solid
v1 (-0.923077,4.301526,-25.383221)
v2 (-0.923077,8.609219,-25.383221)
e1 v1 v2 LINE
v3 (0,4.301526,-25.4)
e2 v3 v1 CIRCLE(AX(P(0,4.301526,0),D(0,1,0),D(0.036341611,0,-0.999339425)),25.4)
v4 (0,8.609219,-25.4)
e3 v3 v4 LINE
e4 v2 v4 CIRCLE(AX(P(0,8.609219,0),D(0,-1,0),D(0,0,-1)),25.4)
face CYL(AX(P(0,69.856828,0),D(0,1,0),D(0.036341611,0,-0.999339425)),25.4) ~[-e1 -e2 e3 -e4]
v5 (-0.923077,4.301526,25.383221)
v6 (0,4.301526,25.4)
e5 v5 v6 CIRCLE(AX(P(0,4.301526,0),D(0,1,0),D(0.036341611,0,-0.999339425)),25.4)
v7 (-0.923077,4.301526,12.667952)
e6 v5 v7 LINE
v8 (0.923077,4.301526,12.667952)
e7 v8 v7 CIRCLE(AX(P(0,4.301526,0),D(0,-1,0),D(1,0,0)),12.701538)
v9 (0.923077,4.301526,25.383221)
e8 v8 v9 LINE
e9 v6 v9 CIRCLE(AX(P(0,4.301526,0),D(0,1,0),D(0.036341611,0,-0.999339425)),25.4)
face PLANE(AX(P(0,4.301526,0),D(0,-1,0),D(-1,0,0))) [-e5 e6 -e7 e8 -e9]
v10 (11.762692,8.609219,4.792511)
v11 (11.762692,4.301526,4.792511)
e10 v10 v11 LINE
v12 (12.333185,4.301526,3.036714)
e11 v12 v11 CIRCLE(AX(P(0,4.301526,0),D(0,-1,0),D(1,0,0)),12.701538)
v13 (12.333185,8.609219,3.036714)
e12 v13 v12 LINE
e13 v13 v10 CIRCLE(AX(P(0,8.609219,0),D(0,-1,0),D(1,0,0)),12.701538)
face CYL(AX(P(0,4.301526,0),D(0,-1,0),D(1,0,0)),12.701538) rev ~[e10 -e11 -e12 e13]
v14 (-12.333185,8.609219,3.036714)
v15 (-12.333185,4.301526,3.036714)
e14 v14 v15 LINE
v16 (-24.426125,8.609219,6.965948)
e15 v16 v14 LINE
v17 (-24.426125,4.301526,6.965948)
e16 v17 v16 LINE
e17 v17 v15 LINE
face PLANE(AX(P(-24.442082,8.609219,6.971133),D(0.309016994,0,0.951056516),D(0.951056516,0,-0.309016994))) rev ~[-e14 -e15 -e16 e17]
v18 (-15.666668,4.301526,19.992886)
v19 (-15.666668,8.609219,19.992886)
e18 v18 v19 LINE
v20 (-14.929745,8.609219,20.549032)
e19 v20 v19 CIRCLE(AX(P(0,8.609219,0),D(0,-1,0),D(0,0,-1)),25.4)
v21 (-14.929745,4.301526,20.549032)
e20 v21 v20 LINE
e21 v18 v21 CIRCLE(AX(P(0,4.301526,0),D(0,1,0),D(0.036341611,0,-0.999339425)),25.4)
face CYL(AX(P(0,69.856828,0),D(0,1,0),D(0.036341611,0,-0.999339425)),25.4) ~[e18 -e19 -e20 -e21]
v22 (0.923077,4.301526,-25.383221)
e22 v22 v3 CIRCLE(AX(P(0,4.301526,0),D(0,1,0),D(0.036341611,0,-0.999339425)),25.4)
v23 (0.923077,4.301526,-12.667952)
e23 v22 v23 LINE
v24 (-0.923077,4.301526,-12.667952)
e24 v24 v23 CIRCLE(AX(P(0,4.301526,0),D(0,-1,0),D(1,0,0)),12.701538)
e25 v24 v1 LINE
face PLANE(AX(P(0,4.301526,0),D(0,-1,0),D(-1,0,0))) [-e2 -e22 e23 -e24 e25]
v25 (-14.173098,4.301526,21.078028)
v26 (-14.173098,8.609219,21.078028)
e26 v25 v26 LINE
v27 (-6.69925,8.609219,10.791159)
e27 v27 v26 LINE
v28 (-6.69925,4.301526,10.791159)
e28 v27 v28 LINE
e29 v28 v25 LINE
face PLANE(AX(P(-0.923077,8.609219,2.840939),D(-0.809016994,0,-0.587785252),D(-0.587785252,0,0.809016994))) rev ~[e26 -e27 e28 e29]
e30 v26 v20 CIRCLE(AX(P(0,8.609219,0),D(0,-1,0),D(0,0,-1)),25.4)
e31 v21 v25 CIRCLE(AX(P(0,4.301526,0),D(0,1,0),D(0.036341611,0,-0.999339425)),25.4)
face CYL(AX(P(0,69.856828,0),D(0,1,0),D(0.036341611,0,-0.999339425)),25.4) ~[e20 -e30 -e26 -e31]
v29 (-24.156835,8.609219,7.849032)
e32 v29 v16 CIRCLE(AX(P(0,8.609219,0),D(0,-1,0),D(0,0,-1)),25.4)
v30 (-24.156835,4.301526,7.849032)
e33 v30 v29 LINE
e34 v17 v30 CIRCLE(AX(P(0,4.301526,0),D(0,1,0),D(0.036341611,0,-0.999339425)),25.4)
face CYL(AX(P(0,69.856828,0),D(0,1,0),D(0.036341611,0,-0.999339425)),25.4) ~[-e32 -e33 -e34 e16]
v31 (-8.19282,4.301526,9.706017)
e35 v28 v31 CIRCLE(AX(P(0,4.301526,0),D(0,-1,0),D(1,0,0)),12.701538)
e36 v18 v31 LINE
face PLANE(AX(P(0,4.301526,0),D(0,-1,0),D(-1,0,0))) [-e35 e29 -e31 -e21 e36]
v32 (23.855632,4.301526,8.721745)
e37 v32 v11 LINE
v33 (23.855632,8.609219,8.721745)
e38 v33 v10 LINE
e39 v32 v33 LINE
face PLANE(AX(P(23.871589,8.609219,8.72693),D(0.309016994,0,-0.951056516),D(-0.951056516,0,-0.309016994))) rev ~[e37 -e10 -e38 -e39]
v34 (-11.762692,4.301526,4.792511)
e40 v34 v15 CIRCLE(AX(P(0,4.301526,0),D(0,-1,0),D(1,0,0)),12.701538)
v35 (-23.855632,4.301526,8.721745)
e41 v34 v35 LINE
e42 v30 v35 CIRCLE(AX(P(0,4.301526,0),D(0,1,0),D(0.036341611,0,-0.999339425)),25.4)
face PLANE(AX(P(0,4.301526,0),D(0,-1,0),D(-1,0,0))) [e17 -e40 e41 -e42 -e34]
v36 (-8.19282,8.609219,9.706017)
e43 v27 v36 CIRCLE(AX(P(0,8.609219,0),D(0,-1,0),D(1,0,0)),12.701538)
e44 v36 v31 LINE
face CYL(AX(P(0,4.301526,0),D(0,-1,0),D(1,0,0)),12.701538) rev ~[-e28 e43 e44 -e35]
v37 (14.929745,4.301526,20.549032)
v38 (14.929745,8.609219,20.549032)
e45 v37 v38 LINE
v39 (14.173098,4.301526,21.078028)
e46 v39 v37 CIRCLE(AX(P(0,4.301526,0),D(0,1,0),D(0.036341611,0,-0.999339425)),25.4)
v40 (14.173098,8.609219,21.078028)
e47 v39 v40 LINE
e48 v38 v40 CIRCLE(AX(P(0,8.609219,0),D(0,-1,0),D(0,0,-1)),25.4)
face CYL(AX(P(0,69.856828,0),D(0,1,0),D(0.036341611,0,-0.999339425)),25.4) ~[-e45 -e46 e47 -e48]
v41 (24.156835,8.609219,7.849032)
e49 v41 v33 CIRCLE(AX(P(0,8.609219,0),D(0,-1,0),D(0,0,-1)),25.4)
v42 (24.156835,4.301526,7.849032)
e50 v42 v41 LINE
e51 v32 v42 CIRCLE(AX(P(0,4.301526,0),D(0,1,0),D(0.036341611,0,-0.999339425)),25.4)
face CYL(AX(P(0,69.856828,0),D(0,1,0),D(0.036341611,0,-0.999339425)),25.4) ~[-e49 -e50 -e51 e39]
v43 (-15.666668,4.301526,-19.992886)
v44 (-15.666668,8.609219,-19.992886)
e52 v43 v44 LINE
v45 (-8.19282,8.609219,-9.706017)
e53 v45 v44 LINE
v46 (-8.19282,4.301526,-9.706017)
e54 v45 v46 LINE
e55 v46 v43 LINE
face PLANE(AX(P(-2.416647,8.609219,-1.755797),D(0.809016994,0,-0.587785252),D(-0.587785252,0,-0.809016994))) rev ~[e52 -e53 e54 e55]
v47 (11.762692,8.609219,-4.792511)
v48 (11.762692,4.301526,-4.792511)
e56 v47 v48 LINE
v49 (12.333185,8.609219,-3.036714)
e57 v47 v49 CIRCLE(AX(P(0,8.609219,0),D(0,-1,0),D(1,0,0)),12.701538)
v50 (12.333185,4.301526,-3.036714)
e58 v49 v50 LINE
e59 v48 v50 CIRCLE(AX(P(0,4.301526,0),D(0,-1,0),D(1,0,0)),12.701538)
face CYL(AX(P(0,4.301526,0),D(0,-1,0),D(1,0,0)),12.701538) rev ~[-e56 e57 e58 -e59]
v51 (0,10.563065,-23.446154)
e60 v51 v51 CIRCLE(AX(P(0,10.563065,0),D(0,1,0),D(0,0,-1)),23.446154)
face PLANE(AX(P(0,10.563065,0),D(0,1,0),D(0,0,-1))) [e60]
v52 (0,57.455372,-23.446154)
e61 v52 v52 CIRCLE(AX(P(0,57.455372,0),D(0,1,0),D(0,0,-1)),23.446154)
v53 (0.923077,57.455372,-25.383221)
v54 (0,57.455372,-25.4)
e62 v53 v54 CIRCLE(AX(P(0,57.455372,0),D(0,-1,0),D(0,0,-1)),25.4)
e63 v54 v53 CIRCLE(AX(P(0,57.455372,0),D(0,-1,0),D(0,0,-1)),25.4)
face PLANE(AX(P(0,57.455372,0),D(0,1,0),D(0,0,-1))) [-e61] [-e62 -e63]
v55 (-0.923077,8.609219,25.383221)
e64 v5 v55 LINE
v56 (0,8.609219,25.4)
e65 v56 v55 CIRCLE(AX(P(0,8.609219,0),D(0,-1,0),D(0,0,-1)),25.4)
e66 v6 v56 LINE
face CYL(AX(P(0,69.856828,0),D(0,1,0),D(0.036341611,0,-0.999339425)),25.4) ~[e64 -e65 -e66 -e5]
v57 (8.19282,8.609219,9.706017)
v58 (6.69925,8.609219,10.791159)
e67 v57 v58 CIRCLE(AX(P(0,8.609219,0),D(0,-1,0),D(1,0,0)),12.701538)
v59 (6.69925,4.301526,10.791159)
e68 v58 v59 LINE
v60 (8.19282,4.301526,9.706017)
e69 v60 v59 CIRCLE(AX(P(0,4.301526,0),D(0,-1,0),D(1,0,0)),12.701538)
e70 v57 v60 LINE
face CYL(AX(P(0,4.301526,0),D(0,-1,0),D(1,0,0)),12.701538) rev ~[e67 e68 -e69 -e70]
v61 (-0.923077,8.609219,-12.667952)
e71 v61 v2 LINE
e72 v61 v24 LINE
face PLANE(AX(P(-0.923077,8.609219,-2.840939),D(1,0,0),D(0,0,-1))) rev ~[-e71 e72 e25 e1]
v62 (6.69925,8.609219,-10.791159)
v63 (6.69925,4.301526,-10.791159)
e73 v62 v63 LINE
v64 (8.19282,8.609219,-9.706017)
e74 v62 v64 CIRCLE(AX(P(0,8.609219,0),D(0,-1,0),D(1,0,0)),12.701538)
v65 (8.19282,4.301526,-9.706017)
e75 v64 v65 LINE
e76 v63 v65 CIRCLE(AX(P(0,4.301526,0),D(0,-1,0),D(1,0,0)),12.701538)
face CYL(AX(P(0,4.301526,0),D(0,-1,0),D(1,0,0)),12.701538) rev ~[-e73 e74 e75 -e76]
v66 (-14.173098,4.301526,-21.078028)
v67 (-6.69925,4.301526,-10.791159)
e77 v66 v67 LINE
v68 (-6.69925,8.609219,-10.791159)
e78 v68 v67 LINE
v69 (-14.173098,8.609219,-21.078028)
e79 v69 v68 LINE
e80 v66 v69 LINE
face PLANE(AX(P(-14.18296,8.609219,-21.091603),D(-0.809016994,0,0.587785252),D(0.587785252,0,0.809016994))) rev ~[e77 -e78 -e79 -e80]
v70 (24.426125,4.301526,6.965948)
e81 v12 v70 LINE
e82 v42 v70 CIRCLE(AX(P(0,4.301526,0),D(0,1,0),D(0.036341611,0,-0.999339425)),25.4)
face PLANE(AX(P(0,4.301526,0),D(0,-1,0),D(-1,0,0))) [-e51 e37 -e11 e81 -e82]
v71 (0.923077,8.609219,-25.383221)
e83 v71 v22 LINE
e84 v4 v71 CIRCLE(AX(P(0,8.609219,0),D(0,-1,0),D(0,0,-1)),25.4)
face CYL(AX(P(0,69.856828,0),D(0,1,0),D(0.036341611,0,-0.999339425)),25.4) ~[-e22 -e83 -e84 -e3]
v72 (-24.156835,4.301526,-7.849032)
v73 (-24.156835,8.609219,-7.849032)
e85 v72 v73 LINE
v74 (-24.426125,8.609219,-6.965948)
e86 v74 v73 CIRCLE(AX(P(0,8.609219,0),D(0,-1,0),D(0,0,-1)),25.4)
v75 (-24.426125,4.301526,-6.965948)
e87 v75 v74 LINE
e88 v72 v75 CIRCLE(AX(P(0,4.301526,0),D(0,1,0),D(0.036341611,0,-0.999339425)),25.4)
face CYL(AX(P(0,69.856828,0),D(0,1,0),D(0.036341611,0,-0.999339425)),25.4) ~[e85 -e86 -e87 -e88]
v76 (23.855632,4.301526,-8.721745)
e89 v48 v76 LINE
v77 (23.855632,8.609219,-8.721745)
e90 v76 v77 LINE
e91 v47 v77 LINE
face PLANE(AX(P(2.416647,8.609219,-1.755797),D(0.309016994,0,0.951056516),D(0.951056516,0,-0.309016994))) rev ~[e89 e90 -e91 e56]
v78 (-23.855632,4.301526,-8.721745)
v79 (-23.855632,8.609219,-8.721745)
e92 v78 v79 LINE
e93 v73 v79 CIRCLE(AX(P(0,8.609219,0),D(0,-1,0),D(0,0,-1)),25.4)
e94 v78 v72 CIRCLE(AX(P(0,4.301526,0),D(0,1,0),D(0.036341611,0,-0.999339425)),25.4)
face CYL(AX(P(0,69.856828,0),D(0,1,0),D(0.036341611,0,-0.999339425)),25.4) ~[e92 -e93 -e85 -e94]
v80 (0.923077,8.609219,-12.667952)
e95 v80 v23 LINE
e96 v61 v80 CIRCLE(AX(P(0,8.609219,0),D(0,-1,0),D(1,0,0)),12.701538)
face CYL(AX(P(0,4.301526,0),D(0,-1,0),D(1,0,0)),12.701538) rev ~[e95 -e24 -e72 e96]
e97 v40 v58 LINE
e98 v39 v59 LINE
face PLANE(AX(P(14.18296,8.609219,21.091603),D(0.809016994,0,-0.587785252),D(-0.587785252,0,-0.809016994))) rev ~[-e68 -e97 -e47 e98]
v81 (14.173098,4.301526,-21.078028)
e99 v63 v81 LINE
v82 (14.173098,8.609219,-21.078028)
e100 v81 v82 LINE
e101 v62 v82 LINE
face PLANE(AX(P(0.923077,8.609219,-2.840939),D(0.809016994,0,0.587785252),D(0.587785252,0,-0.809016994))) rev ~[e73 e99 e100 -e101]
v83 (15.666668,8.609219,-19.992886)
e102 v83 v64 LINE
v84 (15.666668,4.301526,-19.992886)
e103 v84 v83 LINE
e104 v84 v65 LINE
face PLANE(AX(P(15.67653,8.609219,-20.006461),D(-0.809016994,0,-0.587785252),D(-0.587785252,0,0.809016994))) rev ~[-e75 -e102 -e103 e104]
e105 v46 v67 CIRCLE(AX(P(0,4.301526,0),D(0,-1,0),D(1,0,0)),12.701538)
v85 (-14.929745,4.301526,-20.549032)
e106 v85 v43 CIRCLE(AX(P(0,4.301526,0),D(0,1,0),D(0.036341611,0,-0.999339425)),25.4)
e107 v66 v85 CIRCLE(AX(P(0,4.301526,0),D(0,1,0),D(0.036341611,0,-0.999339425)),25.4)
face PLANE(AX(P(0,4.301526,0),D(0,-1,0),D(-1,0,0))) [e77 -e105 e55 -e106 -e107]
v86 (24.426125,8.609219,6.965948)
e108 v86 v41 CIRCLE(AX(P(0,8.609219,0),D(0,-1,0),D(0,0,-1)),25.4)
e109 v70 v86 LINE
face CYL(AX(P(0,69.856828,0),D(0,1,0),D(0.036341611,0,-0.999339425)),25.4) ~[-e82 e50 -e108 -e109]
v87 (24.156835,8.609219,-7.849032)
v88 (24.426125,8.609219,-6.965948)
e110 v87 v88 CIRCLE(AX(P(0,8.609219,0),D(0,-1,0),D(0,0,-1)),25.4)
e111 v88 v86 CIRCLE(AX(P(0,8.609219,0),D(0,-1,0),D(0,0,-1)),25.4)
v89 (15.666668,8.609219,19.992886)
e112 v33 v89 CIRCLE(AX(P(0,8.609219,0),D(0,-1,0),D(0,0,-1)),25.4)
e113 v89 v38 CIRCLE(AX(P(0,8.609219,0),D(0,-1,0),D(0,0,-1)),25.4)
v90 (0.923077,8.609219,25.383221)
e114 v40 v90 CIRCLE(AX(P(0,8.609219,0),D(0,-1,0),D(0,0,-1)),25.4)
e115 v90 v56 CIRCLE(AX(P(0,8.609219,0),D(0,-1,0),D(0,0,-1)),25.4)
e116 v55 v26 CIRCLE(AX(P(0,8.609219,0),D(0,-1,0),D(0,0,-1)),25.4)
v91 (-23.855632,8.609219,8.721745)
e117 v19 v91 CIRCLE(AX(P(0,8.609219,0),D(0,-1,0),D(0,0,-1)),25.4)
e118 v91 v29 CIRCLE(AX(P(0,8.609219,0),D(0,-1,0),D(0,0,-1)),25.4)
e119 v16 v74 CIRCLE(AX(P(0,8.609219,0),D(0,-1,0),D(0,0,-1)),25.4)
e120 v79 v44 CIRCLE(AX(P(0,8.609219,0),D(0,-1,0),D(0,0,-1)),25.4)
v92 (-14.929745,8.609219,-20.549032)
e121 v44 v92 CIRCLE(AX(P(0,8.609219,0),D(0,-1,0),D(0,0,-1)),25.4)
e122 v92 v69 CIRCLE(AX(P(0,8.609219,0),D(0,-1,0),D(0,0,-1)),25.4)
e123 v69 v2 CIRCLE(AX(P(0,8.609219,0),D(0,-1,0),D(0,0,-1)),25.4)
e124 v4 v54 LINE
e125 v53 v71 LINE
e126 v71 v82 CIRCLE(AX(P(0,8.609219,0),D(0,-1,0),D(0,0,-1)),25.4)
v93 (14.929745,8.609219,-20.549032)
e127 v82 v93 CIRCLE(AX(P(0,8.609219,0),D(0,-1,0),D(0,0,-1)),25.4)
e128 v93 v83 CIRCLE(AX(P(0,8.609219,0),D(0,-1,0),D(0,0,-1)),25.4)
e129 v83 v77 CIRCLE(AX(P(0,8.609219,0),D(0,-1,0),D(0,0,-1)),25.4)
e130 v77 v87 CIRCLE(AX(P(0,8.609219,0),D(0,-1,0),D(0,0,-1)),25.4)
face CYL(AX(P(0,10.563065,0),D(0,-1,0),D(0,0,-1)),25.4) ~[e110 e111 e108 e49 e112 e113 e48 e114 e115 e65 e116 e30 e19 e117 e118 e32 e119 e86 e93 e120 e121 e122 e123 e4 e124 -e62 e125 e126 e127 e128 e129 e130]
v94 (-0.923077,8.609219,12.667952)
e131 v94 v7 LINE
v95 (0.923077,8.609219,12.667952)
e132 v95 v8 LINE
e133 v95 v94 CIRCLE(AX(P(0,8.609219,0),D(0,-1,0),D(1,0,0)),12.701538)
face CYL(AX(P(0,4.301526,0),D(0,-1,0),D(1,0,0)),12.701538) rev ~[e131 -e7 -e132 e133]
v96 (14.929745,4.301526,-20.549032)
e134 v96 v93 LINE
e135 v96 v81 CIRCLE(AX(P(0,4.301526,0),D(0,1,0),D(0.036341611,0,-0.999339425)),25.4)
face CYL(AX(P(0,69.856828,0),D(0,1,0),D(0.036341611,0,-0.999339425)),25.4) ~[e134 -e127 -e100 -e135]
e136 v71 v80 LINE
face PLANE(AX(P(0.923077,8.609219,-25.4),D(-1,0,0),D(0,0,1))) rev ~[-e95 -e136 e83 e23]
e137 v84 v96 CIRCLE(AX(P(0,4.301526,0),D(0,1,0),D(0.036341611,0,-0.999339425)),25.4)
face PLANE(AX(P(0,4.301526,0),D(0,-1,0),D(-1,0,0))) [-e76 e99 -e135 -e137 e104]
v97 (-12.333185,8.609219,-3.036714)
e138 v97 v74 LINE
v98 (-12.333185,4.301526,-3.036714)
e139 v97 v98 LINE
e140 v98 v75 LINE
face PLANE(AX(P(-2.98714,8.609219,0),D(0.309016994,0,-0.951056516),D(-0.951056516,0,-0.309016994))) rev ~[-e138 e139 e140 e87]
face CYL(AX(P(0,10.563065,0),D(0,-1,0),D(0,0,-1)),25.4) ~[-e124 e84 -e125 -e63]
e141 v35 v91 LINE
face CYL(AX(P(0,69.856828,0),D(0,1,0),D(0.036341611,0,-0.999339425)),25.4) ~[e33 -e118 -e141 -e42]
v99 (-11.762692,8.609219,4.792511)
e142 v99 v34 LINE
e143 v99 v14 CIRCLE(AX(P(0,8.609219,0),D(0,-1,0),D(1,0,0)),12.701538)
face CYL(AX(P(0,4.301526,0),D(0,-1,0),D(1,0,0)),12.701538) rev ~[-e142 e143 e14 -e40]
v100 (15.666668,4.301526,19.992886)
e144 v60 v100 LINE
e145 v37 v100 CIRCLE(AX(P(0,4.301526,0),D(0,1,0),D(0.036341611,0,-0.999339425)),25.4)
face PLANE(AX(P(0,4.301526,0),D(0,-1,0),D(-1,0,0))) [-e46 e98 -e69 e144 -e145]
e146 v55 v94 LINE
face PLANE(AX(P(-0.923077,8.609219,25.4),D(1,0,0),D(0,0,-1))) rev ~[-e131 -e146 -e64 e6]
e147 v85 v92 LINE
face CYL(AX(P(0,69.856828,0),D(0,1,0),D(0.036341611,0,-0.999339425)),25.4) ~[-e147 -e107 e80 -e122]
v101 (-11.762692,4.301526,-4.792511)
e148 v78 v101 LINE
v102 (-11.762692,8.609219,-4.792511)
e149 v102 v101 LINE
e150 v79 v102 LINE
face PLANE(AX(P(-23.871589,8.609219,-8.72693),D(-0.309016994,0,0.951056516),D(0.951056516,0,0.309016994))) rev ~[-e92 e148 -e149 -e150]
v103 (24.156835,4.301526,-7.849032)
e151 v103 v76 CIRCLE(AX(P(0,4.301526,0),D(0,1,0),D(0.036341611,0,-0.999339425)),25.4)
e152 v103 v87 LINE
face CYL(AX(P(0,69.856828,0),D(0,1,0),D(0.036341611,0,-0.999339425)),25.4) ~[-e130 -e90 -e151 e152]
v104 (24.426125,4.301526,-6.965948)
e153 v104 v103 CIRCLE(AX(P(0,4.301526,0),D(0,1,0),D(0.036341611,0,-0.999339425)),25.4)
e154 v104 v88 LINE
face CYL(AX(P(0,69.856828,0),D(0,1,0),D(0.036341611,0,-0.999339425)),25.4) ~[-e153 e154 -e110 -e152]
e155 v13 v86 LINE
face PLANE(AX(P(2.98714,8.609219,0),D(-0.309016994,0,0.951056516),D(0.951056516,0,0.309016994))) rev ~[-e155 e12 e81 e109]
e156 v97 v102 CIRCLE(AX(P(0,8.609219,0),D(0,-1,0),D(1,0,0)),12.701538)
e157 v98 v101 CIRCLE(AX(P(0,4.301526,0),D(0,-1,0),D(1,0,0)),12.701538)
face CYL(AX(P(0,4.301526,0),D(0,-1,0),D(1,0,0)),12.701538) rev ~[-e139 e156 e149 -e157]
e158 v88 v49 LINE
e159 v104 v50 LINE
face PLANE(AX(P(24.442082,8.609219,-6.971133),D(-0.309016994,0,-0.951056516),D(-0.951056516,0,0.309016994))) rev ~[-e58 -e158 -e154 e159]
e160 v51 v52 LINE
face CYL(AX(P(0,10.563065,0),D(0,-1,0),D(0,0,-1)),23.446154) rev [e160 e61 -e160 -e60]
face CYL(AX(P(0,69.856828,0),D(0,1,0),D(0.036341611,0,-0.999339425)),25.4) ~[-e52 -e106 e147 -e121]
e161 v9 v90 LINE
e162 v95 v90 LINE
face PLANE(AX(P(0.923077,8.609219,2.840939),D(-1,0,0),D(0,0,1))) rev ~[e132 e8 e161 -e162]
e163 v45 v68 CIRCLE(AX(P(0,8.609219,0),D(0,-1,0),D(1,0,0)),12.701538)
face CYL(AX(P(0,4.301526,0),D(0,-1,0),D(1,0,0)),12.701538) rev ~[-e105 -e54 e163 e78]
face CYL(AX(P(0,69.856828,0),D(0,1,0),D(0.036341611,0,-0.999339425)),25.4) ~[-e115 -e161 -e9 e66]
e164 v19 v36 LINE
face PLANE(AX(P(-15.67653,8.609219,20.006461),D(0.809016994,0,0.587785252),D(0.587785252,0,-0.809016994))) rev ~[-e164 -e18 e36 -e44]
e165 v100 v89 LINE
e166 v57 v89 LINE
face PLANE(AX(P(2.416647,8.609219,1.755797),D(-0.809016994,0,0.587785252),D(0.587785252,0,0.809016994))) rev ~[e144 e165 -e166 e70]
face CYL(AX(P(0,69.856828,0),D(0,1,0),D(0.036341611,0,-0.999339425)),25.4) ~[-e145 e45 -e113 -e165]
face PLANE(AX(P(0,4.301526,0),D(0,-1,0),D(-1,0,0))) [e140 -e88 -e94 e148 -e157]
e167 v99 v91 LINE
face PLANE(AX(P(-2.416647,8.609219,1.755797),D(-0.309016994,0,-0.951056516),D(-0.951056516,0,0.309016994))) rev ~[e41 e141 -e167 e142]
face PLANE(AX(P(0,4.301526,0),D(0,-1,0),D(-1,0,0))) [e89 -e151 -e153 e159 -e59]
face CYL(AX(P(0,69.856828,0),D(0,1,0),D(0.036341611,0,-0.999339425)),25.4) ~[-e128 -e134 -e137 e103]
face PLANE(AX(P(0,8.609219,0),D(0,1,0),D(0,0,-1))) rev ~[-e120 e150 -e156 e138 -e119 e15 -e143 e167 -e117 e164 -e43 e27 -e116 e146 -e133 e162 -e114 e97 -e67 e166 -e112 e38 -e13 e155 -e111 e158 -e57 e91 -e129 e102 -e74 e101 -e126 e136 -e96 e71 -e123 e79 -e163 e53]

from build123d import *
from build123d.topology import SkipClean

# Parameters (mm, degrees)
SKETCH1_R               = 38.1
BOSS_EXTRUDE1_DEPTH     = 76.2
SHELL2_T                = 3.175
BOSS_EXTRUDE2_DEPTH     = 7
CUT_EXTRUDE1_DEPTH      = 99.527366122
CUT_EXTRUDE1_DEPTH_BACK = 99.527366122
SKETCH3_R               = 61.906276858
SKETCH3_R_2             = 41.275
SKETCH4_R               = 20.64
CUT_EXTRUDE2_DEPTH      = 7
SCALE1_SCALE            = 0.615384615


with BuildPart() as part:
    # Sketch1 → Boss-Extrude1 (new body)
    with BuildSketch(Plane(origin=(0, 0, 0), x_dir=(1, 0, 0), z_dir=(0, 1, 0))):
        with Locations(Location((0, 0, 0), (0, 0, 90))):
            Circle(SKETCH1_R)
    extrude(amount=BOSS_EXTRUDE1_DEPTH)

    # Shell2
    shell2_openings = [part.faces().sort_by_distance(p)[0] for p in [
        (0, 76.2, 0),
    ]]
    offset(amount=SHELL2_T, openings=shell2_openings, kind=Kind.INTERSECTION)

    # Sketch2 → Boss-Extrude2 (add)
    with BuildSketch(Plane(origin=(0, -3.175, 0), x_dir=(-1, 0, 0), z_dir=(0, -1, 0))):
        Polygon((-4.854101966, 0), (-39.718383202, -11.328091668), (-38.791332219, -14.181261217), (-3.927050983, -2.853169549), (-25.47436178, -32.510498564), (-23.047310797, -34.273854321), (-1.5, -4.616525306), (-1.5, -41.275), (1.5, -41.275), (1.5, -4.616525306), (23.047310797, -34.273854321), (25.47436178, -32.510498564), (3.927050983, -2.853169549), (38.791332219, -14.181261217), (39.718383202, -11.328091668), (4.854101966, 0), (39.718383202, 11.328091668), (38.791332219, 14.181261217), (3.927050983, 2.853169549), (25.47436178, 32.510498564), (23.047310797, 34.273854321), (1.5, 4.616525306), (1.5, 41.275), (-1.5, 41.275), (-1.5, 4.616525306), (-23.047310797, 34.273854321), (-25.47436178, 32.510498564), (-3.927050983, 2.853169549), (-38.791332219, 14.181261217), (-39.718383202, 11.328091668), align=None)
    extrude(amount=BOSS_EXTRUDE2_DEPTH)

    # Sketch3 → Cut-Extrude1 (cut, two sides: drawn at the far end of the back side and taken through both)
    with SkipClean():  # the faces are left unmerged after this step: merging them gives an invalid solid
        with BuildSketch(Plane.XZ.offset(3.175).offset(-CUT_EXTRUDE1_DEPTH_BACK)):
            Circle(SKETCH3_R)
            with Locations(Location((0, 0, 0), (0, 0, 272.082679548))):
                Circle(SKETCH3_R_2, mode=Mode.SUBTRACT)
        extrude(amount=CUT_EXTRUDE1_DEPTH + CUT_EXTRUDE1_DEPTH_BACK, mode=Mode.SUBTRACT)

    # Sketch4 → Cut-Extrude2 (cut)
    with SkipClean():  # the faces are left unmerged after this step: merging them gives an invalid solid
        with BuildSketch(Plane.XZ.offset(10.175)):
            Circle(SKETCH4_R)
        extrude(amount=-CUT_EXTRUDE2_DEPTH, mode=Mode.SUBTRACT)


with BuildPart() as part_1:
    # Scale1: scaled about (0, 27.463968189, 0)
    add(part.part.scale(SCALE1_SCALE).moved(Location((0, 10.563064688, 0))))


solid = part_1.part
